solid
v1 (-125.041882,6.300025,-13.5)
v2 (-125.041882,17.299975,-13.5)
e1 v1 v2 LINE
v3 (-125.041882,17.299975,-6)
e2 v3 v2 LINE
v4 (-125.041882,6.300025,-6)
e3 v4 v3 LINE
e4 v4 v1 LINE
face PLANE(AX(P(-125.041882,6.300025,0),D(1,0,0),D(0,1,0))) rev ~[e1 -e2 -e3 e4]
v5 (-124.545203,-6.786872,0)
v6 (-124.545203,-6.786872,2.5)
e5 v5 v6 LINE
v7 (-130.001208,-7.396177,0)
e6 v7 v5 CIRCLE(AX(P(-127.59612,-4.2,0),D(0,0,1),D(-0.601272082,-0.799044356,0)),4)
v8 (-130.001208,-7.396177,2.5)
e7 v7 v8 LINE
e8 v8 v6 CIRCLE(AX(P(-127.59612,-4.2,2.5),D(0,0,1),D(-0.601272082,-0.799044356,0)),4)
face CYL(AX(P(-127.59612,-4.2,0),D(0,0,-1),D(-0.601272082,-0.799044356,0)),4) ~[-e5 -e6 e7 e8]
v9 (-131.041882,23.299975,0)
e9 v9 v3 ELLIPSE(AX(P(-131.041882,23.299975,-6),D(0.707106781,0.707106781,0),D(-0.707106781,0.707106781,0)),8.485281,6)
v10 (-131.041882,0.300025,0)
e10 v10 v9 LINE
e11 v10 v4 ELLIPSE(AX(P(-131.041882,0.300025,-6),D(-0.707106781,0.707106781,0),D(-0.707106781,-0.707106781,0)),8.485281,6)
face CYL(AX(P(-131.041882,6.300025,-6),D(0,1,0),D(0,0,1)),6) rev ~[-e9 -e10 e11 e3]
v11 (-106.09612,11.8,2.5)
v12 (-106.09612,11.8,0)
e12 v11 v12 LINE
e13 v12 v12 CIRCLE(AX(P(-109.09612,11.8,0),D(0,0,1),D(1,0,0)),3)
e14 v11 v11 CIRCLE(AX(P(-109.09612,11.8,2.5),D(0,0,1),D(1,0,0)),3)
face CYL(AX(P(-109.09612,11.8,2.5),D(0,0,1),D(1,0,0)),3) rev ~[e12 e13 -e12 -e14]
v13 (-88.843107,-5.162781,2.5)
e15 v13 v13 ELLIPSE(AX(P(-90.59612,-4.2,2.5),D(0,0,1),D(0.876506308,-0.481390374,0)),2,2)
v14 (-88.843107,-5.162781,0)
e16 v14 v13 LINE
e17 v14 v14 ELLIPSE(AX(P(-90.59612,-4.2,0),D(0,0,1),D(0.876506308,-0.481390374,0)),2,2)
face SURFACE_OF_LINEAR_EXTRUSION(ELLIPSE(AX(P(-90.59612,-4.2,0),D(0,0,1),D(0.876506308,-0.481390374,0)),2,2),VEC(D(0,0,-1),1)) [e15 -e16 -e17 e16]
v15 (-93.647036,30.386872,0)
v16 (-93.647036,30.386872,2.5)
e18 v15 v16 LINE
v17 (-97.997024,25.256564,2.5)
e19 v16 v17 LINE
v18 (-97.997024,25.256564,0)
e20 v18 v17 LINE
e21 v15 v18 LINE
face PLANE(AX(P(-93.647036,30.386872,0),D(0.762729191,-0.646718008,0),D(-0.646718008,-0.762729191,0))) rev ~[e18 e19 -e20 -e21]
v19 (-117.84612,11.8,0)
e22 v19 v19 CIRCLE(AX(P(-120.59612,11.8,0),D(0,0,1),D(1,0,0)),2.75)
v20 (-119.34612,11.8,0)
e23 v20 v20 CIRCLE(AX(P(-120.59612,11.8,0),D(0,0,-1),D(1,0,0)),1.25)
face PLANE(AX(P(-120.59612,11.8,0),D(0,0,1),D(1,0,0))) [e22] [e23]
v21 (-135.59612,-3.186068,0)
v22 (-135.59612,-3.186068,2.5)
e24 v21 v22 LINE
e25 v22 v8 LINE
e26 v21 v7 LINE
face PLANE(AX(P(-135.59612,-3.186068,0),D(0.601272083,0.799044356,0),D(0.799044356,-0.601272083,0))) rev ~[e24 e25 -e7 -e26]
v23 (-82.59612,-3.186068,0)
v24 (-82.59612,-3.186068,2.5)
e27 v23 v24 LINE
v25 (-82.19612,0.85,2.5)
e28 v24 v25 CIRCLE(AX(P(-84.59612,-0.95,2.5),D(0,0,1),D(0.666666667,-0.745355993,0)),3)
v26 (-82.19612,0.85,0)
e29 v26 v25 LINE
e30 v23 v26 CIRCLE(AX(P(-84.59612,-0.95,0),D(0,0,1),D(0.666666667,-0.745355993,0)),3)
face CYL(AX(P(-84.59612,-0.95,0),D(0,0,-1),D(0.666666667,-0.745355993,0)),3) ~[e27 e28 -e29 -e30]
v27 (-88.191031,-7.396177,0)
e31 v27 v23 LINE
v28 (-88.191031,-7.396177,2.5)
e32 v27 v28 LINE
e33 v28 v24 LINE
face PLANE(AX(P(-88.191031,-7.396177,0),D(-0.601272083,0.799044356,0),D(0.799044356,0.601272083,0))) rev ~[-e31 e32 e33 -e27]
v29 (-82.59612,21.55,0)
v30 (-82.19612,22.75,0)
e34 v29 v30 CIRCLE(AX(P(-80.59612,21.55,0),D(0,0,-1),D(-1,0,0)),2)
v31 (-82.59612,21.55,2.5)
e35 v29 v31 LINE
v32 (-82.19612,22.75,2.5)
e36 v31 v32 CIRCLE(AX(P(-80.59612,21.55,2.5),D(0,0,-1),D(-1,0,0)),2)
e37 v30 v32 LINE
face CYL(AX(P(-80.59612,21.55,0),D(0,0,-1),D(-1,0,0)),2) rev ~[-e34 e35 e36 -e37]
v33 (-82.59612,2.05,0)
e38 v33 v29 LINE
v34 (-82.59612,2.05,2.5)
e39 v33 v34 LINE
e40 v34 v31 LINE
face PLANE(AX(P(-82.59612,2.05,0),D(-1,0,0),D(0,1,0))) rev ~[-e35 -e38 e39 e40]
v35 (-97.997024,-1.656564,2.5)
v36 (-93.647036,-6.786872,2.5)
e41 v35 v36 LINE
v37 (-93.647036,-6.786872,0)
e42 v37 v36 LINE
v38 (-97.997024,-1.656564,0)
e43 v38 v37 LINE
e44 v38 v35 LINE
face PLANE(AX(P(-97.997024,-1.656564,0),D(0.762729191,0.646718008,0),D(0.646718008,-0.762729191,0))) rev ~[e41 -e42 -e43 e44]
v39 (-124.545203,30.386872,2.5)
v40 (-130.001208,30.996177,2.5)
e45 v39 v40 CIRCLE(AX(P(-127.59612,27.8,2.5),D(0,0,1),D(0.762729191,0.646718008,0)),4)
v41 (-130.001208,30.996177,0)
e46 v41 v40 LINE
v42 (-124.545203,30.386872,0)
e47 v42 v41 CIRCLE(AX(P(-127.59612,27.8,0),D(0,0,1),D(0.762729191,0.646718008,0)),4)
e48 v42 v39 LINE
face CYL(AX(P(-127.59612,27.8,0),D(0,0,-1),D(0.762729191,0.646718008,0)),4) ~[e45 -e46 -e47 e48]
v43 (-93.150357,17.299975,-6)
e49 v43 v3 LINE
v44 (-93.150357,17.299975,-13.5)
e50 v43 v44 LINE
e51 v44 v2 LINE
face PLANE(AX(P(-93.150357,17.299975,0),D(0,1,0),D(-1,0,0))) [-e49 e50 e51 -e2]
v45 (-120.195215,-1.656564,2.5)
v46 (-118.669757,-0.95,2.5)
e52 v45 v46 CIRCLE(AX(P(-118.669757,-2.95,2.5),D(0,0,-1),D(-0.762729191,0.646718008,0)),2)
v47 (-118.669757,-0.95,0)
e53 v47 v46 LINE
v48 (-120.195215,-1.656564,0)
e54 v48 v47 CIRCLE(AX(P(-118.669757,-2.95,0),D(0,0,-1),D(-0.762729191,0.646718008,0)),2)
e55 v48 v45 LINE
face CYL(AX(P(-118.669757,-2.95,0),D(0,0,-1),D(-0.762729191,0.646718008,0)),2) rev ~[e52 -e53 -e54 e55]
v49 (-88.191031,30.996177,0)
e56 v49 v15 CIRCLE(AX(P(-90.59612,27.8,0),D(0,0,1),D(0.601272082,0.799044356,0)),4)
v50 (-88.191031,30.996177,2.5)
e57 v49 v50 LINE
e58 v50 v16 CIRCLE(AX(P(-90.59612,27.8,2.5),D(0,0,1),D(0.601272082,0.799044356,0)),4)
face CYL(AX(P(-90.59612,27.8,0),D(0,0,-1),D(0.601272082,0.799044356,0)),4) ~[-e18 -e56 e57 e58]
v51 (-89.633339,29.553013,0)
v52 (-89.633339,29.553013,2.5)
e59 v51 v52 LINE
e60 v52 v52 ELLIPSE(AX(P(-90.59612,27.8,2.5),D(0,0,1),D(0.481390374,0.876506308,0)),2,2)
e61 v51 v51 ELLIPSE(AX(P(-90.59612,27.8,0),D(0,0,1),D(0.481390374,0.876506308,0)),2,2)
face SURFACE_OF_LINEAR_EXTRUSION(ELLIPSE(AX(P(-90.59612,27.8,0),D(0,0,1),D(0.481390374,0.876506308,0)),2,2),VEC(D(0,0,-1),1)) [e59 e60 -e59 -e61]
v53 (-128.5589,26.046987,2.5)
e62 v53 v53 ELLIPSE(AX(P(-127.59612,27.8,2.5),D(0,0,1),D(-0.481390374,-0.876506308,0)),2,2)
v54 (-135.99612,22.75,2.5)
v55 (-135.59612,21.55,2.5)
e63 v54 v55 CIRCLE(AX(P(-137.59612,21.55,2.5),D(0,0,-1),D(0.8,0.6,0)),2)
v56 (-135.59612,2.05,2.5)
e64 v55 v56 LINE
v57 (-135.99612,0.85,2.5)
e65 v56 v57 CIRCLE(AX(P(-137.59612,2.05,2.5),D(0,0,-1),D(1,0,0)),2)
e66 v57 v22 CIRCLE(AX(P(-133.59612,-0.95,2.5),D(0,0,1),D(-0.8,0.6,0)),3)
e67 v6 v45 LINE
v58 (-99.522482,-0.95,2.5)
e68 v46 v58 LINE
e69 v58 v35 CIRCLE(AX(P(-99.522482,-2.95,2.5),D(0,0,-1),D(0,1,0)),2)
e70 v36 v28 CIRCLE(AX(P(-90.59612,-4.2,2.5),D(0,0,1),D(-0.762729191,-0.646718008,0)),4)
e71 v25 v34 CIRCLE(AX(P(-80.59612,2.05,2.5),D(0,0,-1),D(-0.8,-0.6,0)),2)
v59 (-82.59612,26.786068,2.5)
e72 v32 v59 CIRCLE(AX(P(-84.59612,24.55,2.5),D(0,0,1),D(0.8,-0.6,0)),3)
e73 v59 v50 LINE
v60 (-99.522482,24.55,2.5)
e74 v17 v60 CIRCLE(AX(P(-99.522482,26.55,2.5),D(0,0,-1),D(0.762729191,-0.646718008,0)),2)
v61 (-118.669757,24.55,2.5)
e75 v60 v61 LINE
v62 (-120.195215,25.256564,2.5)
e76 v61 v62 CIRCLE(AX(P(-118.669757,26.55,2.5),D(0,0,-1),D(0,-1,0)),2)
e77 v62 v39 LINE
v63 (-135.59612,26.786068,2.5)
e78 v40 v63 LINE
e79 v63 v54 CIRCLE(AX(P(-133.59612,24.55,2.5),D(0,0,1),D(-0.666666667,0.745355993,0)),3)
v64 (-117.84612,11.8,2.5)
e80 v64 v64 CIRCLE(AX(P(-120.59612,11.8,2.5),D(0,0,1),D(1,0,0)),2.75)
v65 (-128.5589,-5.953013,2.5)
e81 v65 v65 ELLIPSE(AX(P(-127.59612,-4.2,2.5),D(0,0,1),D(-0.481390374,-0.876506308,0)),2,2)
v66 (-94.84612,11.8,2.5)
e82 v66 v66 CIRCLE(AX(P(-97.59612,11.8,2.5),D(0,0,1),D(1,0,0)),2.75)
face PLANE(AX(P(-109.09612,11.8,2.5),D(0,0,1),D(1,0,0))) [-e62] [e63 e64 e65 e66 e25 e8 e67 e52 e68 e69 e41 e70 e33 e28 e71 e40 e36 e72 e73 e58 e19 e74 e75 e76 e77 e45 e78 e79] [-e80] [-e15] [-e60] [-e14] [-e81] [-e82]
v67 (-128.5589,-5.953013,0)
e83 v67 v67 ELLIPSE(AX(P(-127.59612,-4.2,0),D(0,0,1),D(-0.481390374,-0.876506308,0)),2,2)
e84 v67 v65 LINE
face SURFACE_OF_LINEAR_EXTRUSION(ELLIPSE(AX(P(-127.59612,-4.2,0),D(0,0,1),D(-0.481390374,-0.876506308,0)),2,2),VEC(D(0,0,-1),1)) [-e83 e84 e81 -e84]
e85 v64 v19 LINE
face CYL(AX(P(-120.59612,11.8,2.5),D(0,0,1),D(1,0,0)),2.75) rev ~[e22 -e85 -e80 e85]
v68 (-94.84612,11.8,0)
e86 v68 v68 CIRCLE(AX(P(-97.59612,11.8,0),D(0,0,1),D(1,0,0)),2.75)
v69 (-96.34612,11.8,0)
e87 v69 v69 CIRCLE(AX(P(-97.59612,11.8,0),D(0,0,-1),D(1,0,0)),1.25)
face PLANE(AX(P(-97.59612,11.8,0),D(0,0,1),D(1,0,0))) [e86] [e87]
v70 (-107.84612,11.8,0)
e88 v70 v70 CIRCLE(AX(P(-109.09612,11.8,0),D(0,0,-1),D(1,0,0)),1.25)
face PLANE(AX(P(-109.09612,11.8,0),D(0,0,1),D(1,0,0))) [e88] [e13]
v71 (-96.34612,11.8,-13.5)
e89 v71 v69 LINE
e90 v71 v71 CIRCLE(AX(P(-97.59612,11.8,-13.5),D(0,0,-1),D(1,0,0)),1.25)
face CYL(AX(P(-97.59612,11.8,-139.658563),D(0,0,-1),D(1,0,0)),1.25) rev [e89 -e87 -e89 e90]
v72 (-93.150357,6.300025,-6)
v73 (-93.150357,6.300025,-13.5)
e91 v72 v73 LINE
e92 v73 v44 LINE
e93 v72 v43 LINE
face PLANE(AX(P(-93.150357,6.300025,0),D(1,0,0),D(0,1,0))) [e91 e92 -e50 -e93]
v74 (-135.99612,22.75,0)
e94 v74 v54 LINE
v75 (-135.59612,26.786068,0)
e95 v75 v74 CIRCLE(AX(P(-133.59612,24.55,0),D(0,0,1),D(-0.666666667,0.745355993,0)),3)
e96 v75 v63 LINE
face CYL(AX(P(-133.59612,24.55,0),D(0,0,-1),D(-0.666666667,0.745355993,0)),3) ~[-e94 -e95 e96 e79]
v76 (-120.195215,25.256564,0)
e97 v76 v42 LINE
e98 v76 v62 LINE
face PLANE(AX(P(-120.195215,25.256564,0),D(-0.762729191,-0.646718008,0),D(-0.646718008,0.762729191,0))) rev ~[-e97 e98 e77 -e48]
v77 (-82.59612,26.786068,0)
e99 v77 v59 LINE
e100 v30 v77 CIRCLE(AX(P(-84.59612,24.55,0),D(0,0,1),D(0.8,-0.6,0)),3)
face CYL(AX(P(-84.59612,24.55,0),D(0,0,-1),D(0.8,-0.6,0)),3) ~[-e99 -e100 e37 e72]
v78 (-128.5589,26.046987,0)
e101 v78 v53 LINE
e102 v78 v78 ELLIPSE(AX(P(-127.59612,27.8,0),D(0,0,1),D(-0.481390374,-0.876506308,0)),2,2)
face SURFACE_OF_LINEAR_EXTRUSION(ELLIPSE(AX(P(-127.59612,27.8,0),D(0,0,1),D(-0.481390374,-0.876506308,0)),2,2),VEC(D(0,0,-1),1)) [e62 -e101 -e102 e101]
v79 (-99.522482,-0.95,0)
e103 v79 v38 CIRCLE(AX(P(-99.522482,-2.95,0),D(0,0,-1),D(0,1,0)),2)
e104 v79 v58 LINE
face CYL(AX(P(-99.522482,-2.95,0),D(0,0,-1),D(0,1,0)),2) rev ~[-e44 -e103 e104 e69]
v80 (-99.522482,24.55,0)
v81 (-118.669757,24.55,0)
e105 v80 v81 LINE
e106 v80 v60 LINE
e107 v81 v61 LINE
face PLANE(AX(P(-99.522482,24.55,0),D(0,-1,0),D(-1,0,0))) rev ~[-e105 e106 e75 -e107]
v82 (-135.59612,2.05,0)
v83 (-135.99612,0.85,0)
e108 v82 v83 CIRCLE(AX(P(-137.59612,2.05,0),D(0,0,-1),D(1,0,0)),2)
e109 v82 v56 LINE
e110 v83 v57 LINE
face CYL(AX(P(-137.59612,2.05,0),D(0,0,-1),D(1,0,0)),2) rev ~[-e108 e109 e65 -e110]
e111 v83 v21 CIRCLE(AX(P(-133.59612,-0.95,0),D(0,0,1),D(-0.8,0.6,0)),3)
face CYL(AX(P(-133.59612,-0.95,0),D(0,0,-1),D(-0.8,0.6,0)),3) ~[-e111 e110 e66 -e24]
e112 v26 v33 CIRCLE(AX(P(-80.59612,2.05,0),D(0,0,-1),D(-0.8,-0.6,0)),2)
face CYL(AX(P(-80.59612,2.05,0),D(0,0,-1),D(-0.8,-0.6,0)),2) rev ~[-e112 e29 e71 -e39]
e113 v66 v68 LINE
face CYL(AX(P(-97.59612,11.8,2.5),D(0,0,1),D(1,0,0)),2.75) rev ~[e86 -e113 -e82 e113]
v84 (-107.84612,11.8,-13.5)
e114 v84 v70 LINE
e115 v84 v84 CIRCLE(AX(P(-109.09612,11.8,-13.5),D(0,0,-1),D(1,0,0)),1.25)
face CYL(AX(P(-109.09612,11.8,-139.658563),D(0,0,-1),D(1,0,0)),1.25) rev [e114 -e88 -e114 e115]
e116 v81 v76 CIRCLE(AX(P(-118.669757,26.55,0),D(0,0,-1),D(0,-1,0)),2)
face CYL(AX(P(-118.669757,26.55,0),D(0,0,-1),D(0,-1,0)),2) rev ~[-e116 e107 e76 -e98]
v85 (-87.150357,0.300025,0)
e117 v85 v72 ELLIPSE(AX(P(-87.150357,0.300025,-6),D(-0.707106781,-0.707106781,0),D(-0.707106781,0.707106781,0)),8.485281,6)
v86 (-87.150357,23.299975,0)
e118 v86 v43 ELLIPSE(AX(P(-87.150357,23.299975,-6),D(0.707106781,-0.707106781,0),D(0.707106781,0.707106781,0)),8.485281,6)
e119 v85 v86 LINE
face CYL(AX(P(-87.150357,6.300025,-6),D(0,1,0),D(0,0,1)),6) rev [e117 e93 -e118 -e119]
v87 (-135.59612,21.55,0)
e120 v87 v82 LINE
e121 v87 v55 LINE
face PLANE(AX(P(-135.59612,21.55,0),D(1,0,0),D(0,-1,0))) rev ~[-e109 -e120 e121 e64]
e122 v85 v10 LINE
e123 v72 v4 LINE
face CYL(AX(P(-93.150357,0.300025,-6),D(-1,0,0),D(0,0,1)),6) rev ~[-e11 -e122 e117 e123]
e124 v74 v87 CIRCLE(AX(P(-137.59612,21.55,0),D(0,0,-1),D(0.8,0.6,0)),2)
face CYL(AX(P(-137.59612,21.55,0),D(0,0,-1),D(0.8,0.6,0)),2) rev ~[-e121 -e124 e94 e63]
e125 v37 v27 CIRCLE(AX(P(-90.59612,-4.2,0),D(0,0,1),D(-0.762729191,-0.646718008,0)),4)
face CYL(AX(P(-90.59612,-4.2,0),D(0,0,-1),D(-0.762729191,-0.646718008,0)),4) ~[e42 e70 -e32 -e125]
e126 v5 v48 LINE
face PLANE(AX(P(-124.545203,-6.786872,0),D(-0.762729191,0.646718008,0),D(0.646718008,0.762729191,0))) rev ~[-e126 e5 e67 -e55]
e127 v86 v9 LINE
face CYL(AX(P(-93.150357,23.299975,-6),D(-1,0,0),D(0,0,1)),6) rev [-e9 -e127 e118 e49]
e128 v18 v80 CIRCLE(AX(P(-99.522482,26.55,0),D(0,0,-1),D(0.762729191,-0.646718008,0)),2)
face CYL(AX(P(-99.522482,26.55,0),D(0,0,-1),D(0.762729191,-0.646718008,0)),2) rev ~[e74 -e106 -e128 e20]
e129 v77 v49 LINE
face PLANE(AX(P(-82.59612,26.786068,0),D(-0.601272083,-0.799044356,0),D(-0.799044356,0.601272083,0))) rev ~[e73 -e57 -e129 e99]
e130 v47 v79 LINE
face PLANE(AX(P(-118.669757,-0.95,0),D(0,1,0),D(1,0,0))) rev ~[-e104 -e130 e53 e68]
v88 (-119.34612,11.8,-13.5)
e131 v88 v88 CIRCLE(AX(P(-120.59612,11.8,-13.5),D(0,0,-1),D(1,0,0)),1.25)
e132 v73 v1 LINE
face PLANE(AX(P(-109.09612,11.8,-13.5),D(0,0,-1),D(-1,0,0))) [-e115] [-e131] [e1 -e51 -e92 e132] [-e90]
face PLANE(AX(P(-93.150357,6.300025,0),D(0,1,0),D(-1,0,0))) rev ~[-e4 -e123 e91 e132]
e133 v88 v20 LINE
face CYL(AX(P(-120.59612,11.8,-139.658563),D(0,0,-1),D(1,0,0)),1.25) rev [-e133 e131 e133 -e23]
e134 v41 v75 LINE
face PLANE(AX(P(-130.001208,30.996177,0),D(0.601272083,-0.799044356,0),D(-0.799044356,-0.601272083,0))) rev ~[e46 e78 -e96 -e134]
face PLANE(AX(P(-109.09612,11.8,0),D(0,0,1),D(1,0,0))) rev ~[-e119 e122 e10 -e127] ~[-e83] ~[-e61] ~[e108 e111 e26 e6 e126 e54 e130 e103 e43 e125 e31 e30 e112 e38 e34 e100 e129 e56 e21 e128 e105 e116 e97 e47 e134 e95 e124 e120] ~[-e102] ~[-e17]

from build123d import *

# Parameters (mm, degrees)
SKETCH1_RX              = 2
SKETCH1_RY              = 2
BOSS_EXTRUDE1_DEPTH     = 2.5
SKETCH14_W              = 31.891524792
SKETCH14_H              = 10.99995058
BOSS_EXTRUDE9_DEPTH     = 13.5
CUT_EXTRUDE2_DEPTH      = 142.15856284
CUT_EXTRUDE2_DEPTH_BACK = 142.15856284
SKETCH12_R              = 1.25
FILLET9_R               = 6
SKETCH15_R              = 2.75
SKETCH15_R_2            = 3
CUT_EXTRUDE3_DEPTH      = 2.5


with BuildPart() as part:
    # Sketch1 → Boss-Extrude1 (new body)
    with BuildSketch(Plane.XY):
        with BuildLine():
            Line((-97.997023968, -1.656563984), (-93.647036265, -6.786872031))
            ThreePointArc((-93.647036265, -6.786872031), (-91.040064157, -8.175287806), (-88.191031172, -7.396177424))
            Line((-88.191031172, -7.396177424), (-82.596119502, -3.186067977))
            ThreePointArc((-82.596119502, -3.186067977), (-81.610744956, -1.2458696), (-82.196119502, 0.85))
            ThreePointArc((-82.196119502, 0.85), (-82.493486098, 1.417544468), (-82.596119502, 2.05))
            Line((-82.596119502, 2.05), (-82.596119502, 21.55))
            ThreePointArc((-82.596119502, 21.55), (-82.493486098, 22.182455532), (-82.196119502, 22.75))
            ThreePointArc((-82.196119502, 22.75), (-81.610744956, 24.8458696), (-82.596119502, 26.786067977))
            Line((-82.596119502, 26.786067977), (-88.191031172, 30.996177424))
            ThreePointArc((-88.191031172, 30.996177424), (-91.040064157, 31.775287806), (-93.647036265, 30.386872031))
            Line((-93.647036265, 30.386872031), (-97.997023968, 25.256563984))
            ThreePointArc((-97.997023968, 25.256563984), (-98.681908745, 24.735217364), (-99.522482349, 24.55))
            Line((-99.522482349, 24.55), (-118.669756656, 24.55))
            ThreePointArc((-118.669756656, 24.55), (-119.51033026, 24.735217364), (-120.195215037, 25.256563984))
            Line((-120.195215037, 25.256563984), (-124.54520274, 30.386872031))
            ThreePointArc((-124.54520274, 30.386872031), (-127.152174848, 31.775287806), (-130.001207832, 30.996177424))
            Line((-130.001207832, 30.996177424), (-135.596119502, 26.786067977))
            ThreePointArc((-135.596119502, 26.786067977), (-136.581494048, 24.8458696), (-135.996119502, 22.75))
            ThreePointArc((-135.996119502, 22.75), (-135.698752906, 22.182455532), (-135.596119502, 21.55))
            Line((-135.596119502, 21.55), (-135.596119502, 2.05))
            ThreePointArc((-135.596119502, 2.05), (-135.698752906, 1.417544468), (-135.996119502, 0.85))
            ThreePointArc((-135.996119502, 0.85), (-136.581494048, -1.2458696), (-135.596119502, -3.186067977))
            Line((-135.596119502, -3.186067977), (-130.001207832, -7.396177424))
            ThreePointArc((-130.001207832, -7.396177424), (-127.152174848, -8.175287806), (-124.54520274, -6.786872031))
            Line((-124.54520274, -6.786872031), (-120.195215037, -1.656563984))
            ThreePointArc((-120.195215037, -1.656563984), (-119.51033026, -1.135217364), (-118.669756656, -0.95))
            Line((-118.669756656, -0.95), (-99.522482349, -0.95))
            ThreePointArc((-99.522482349, -0.95), (-98.681908745, -1.135217364), (-97.997023968, -1.656563984))
        make_face()
        with Locations(Location((-90.596119502, 27.8), (0, 0, 61.223751036))):
            Ellipse(SKETCH1_RX, SKETCH1_RY, mode=Mode.SUBTRACT)
        with Locations(Location((-127.596119502, 27.8), (0, 0, -118.776248964))):
            Ellipse(SKETCH1_RX, SKETCH1_RY, mode=Mode.SUBTRACT)
        with Locations(Location((-127.596119502, -4.2), (0, 0, -118.776248964))):
            Ellipse(SKETCH1_RX, SKETCH1_RY, mode=Mode.SUBTRACT)
        with Locations(Location((-90.596119502, -4.2), (0, 0, -28.776248964))):
            Ellipse(SKETCH1_RX, SKETCH1_RY, mode=Mode.SUBTRACT)
    extrude(amount=BOSS_EXTRUDE1_DEPTH)

    # Sketch14 → Boss-Extrude9 (add)
    with BuildSketch(Plane(origin=(0, 0, 0), x_dir=(-1, 0, 0), z_dir=(0, 0, -1))):
        with Locations((109.096119502, 11.8)):
            Rectangle(SKETCH14_W, SKETCH14_H)
    extrude(amount=BOSS_EXTRUDE9_DEPTH)

    # Sketch12 → Cut-Extrude2 (cut, two sides: drawn at the far end of the back side and taken through both)
    with BuildSketch(Plane.XY.offset(2.5).offset(-CUT_EXTRUDE2_DEPTH_BACK)):
        with Locations((-97.596119502, 11.8)):
            Circle(SKETCH12_R)
        with Locations((-120.596119502, 11.8)):
            Circle(SKETCH12_R)
        with Locations((-109.096119502, 11.8)):
            Circle(SKETCH12_R)
    extrude(amount=CUT_EXTRUDE2_DEPTH + CUT_EXTRUDE2_DEPTH_BACK, mode=Mode.SUBTRACT)

    # Fillet9
    fillet9_edges = [part.edges().sort_by_distance(p)[0] for p in [
        (-93.150357106, 11.8, 0),
        (-109.096119502, 6.30002471, 0),
        (-125.041881898, 11.8, 0),
        (-109.096119502, 17.29997529, 0),
    ]]
    fillet(fillet9_edges, radius=FILLET9_R)

    # Sketch15 → Cut-Extrude3 (cut)
    with BuildSketch(Plane.XY.offset(2.5)):
        with Locations((-120.596119502, 11.8)):
            Circle(SKETCH15_R)
        with Locations((-109.096119502, 11.8)):
            Circle(SKETCH15_R_2)
        with Locations((-97.596119502, 11.8)):
            Circle(SKETCH15_R)
    extrude(amount=-CUT_EXTRUDE3_DEPTH, mode=Mode.SUBTRACT)


solid = part.part
